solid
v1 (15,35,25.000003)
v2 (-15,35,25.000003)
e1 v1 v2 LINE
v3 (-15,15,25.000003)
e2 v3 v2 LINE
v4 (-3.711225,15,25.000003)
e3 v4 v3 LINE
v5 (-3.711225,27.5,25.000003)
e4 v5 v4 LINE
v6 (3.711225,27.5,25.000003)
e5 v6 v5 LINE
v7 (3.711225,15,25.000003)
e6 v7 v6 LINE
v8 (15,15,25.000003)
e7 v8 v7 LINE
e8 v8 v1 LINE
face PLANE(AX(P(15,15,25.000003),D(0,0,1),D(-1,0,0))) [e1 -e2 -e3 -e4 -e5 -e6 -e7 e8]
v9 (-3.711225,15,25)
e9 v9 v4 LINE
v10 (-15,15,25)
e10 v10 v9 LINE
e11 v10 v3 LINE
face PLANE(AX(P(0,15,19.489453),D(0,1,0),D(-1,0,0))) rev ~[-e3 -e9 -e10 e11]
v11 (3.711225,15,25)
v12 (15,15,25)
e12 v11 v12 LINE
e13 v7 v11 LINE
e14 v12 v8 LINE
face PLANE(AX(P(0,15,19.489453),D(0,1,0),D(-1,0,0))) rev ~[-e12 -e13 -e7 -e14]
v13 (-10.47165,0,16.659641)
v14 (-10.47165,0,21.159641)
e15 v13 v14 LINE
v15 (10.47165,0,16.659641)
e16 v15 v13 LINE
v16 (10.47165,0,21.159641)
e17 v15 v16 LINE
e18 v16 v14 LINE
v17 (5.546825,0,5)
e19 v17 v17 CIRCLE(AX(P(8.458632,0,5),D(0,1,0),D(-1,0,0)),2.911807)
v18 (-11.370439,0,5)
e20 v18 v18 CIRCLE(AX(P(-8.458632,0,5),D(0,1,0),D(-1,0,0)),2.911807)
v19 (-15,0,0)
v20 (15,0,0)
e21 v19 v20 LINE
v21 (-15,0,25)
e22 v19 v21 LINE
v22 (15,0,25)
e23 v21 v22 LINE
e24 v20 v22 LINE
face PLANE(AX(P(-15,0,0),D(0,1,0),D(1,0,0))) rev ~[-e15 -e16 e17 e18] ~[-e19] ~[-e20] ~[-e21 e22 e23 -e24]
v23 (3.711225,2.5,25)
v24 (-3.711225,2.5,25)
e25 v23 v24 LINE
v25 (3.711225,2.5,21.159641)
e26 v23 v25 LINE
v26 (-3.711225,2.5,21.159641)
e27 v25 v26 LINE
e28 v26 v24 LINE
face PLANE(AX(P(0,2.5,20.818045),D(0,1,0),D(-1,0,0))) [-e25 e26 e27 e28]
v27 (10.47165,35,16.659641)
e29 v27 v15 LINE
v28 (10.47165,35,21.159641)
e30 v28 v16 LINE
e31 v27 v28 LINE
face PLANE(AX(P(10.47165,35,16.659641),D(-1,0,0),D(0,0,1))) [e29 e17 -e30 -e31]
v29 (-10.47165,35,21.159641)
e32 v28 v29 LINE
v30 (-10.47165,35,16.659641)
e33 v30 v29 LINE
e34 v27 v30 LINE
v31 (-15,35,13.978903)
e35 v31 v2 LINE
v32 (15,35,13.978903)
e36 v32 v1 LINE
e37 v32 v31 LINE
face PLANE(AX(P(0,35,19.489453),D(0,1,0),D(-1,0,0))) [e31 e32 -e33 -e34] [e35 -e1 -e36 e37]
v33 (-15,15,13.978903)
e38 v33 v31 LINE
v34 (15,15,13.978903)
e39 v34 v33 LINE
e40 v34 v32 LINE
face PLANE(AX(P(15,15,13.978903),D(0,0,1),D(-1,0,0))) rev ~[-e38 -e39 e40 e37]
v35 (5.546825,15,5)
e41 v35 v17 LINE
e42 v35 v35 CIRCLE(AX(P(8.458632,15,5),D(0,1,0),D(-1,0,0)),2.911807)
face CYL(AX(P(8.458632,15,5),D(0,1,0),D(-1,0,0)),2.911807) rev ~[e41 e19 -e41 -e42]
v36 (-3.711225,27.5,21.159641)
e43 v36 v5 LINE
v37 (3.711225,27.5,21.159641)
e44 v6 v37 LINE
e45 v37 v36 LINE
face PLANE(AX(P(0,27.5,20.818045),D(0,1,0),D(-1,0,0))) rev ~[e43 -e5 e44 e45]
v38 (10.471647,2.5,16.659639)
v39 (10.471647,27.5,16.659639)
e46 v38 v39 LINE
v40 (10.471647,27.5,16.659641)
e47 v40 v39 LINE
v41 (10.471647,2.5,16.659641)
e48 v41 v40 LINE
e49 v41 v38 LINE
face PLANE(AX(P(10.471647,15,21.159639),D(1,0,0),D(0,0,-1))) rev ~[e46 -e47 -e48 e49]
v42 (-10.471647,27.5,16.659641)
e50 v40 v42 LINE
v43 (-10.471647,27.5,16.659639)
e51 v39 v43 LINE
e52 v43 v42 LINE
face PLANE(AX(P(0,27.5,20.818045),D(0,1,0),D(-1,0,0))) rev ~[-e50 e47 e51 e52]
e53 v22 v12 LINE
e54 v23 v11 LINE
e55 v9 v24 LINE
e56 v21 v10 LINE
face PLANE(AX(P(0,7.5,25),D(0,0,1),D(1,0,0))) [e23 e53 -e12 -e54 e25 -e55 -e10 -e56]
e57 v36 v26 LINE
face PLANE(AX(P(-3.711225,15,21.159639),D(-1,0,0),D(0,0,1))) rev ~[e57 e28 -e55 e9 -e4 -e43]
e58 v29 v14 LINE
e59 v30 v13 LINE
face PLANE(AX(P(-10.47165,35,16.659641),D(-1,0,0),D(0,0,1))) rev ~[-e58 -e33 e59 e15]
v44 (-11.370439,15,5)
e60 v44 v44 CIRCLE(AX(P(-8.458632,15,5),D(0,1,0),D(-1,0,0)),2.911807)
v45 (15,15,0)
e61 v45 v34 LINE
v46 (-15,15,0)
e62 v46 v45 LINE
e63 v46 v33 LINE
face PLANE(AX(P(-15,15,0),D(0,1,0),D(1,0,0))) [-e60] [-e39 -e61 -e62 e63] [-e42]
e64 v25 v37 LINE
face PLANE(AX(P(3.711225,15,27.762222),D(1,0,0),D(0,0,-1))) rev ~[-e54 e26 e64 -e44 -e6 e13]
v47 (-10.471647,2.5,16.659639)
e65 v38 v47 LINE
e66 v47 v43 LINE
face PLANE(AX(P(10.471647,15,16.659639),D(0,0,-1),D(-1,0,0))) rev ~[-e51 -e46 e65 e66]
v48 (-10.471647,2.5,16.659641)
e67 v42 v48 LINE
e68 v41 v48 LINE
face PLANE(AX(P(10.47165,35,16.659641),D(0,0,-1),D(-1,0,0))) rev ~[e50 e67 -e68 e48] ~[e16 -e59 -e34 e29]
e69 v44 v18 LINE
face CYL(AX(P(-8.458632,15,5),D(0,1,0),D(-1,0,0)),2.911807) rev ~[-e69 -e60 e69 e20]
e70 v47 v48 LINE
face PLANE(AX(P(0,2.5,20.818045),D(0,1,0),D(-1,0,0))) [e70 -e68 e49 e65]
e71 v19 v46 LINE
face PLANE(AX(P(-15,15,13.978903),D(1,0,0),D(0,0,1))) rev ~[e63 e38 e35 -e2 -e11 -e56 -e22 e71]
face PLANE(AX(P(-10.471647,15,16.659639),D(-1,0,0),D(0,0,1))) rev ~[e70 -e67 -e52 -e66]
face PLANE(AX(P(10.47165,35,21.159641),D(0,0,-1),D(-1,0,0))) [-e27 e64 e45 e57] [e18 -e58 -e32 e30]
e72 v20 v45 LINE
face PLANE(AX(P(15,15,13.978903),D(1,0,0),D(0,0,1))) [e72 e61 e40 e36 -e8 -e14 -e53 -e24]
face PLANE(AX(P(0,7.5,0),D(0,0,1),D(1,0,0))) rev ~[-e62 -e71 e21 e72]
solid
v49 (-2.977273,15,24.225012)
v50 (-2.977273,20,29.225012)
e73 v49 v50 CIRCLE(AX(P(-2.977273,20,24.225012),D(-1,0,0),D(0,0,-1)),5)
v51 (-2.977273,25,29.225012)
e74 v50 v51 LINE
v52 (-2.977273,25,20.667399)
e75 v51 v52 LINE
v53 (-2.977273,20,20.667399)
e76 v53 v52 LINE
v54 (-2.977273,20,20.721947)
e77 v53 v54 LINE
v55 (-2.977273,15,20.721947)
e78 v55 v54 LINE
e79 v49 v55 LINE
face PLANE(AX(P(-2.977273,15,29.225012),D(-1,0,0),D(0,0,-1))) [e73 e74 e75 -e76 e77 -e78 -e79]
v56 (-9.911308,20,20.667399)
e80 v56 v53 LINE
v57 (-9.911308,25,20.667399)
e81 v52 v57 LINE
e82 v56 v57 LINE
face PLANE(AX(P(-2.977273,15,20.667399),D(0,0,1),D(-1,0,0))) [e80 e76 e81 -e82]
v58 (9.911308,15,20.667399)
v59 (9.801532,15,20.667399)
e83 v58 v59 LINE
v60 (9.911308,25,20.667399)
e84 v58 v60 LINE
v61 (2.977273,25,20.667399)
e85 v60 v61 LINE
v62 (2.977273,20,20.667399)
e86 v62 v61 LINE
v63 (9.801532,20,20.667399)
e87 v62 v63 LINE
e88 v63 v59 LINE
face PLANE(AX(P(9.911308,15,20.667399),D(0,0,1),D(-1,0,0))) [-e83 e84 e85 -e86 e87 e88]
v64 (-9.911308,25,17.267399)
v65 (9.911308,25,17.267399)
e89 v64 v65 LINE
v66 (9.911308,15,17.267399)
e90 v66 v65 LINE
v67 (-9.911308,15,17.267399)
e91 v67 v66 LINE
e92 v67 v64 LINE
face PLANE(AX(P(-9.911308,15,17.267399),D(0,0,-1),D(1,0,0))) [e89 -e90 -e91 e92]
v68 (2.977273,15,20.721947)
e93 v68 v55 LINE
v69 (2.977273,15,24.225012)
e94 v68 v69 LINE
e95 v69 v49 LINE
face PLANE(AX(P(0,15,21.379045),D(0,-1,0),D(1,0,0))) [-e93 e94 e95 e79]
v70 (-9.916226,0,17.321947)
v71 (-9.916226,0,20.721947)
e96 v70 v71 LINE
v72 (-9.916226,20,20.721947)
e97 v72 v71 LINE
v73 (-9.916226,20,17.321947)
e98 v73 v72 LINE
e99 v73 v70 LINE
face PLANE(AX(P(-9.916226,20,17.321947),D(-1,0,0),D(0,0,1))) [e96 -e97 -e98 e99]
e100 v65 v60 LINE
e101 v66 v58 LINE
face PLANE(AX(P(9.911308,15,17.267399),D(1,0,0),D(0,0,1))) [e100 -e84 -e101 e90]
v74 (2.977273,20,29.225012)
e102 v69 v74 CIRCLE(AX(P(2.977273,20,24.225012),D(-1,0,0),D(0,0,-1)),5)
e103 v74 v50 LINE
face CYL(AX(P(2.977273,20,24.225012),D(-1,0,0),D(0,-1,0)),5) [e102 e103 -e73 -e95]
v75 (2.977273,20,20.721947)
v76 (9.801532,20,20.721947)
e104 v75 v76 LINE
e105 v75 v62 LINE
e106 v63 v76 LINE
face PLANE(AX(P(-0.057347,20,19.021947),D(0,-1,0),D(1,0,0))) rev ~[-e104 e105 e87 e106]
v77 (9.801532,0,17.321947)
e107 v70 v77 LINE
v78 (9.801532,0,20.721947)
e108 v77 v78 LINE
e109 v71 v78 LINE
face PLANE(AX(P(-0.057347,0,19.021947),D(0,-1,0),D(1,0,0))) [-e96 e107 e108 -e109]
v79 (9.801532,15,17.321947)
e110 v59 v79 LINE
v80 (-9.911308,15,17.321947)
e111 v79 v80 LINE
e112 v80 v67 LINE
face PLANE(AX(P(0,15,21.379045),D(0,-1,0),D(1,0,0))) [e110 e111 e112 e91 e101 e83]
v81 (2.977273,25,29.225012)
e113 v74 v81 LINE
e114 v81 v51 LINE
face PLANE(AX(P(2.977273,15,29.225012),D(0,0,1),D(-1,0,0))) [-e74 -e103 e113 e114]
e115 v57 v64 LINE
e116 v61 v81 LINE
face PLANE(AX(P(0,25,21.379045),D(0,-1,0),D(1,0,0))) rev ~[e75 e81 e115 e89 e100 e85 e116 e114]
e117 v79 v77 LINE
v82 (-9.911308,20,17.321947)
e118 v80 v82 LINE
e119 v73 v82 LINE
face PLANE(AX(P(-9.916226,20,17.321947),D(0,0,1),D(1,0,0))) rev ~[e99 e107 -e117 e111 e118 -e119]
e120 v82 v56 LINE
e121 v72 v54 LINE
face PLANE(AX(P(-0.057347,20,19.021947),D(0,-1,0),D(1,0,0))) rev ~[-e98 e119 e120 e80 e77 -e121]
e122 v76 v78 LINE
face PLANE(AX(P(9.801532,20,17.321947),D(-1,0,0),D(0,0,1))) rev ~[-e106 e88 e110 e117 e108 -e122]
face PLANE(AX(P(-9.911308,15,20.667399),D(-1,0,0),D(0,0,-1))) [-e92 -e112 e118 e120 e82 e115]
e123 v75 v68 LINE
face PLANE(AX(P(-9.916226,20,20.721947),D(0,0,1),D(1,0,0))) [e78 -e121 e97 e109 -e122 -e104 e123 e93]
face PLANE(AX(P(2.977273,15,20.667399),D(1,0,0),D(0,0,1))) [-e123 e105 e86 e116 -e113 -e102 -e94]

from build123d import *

# Parameters (mm, degrees)
SKETCH_W        = 30
SKETCH_H        = 15
PAD_DEPTH       = 25
SKETCH001_W     = 30
SKETCH001_H     = 11.021101
PAD001_DEPTH    = 20
POCKET_DEPTH    = 12.5
SKETCH005_W     = 20.9433
SKETCH005_H     = 4.5
POCKET001_DEPTH = 35.001
SKETCH006_R     = 2.911807
POCKET002_DEPTH = 15.001
SKETCH004_W     = 19.717758
SKETCH004_H     = 3.4
PAD003_DEPTH    = 20
PAD002_DEPTH    = 10
FILLET_R        = 5


with BuildPart() as pocket002:
    # Sketch → Pad (new body)
    with BuildSketch(Plane.XY):
        with Locations((0, 7.5)):
            Rectangle(SKETCH_W, SKETCH_H)
    extrude(amount=PAD_DEPTH)

    # Sketch001 → Pad001 (new body)
    with BuildSketch(Plane(origin=(0, 15, 0), x_dir=(-1, 0, 0), z_dir=(0, 1, 0))):
        with Locations((0, 19.489453)):
            Rectangle(SKETCH001_W, SKETCH001_H)
    extrude(amount=PAD001_DEPTH)

    # Sketch002 → Pocket (cut, symmetric)
    with BuildSketch(Plane(origin=(0, 15, 0), x_dir=(-1, 0, 0), z_dir=(0, 1, 0))):
        Polygon((-3.711225, 27.762222), (-3.711225, 21.159639), (-10.471647, 21.159639), (-10.471647, 16.659639), (10.471647, 16.659639), (10.471647, 21.159639), (3.711225, 21.159639), (3.711225, 27.762222), align=None)
    extrude(amount=POCKET_DEPTH, both=True, mode=Mode.SUBTRACT)

    # Sketch005 → Pocket001 (cut, through all)
    with BuildSketch(Plane(origin=(0, 35, 0), x_dir=(-1, 0, 0), z_dir=(0, 1, 0))):
        with Locations((0, 18.909641)):
            Rectangle(SKETCH005_W, SKETCH005_H)
    extrude(amount=-POCKET001_DEPTH, mode=Mode.SUBTRACT)

    # Sketch006 → Pocket002 (cut, through all)
    with BuildSketch(Plane(origin=(0, 15, 0), x_dir=(-1, 0, 0), z_dir=(0, 1, 0))):
        with Locations((8.458632, 5)):
            Circle(SKETCH006_R)
        with Locations((-8.458632, 5)):
            Circle(SKETCH006_R)
    extrude(amount=-POCKET002_DEPTH, mode=Mode.SUBTRACT)


with BuildPart() as pad003:
    # Sketch004 → Pad003 (new body)
    with BuildSketch(Plane.XZ.offset(-20)):
        with Locations((-0.057347, 19.021947)):
            Rectangle(SKETCH004_W, SKETCH004_H)
    extrude(amount=PAD003_DEPTH)


with BuildPart() as fillet_body:
    # Sketch003 → Pad002 (new body)
    with BuildSketch(Plane.XZ.offset(-15)):
        Polygon((-2.977273, 29.225012), (-2.977273, 20.667399), (-9.911308, 20.667399), (-9.911308, 17.267399), (9.911308, 17.267399), (9.911308, 20.667399), (2.977273, 20.667399), (2.977273, 29.225012), align=None)
    extrude(amount=-PAD002_DEPTH)

    # Fusion: union Pad003
    add(pad003.part)

    # Fusion001: union Pocket002
    add(pocket002.part)

    # Fillet
    fillet_edges = [fillet_body.edges().sort_by_distance(p)[0] for p in [
        (0, 15, 29.225012),
    ]]
    fillet(fillet_edges, radius=FILLET_R)


solid = fillet_body.part
